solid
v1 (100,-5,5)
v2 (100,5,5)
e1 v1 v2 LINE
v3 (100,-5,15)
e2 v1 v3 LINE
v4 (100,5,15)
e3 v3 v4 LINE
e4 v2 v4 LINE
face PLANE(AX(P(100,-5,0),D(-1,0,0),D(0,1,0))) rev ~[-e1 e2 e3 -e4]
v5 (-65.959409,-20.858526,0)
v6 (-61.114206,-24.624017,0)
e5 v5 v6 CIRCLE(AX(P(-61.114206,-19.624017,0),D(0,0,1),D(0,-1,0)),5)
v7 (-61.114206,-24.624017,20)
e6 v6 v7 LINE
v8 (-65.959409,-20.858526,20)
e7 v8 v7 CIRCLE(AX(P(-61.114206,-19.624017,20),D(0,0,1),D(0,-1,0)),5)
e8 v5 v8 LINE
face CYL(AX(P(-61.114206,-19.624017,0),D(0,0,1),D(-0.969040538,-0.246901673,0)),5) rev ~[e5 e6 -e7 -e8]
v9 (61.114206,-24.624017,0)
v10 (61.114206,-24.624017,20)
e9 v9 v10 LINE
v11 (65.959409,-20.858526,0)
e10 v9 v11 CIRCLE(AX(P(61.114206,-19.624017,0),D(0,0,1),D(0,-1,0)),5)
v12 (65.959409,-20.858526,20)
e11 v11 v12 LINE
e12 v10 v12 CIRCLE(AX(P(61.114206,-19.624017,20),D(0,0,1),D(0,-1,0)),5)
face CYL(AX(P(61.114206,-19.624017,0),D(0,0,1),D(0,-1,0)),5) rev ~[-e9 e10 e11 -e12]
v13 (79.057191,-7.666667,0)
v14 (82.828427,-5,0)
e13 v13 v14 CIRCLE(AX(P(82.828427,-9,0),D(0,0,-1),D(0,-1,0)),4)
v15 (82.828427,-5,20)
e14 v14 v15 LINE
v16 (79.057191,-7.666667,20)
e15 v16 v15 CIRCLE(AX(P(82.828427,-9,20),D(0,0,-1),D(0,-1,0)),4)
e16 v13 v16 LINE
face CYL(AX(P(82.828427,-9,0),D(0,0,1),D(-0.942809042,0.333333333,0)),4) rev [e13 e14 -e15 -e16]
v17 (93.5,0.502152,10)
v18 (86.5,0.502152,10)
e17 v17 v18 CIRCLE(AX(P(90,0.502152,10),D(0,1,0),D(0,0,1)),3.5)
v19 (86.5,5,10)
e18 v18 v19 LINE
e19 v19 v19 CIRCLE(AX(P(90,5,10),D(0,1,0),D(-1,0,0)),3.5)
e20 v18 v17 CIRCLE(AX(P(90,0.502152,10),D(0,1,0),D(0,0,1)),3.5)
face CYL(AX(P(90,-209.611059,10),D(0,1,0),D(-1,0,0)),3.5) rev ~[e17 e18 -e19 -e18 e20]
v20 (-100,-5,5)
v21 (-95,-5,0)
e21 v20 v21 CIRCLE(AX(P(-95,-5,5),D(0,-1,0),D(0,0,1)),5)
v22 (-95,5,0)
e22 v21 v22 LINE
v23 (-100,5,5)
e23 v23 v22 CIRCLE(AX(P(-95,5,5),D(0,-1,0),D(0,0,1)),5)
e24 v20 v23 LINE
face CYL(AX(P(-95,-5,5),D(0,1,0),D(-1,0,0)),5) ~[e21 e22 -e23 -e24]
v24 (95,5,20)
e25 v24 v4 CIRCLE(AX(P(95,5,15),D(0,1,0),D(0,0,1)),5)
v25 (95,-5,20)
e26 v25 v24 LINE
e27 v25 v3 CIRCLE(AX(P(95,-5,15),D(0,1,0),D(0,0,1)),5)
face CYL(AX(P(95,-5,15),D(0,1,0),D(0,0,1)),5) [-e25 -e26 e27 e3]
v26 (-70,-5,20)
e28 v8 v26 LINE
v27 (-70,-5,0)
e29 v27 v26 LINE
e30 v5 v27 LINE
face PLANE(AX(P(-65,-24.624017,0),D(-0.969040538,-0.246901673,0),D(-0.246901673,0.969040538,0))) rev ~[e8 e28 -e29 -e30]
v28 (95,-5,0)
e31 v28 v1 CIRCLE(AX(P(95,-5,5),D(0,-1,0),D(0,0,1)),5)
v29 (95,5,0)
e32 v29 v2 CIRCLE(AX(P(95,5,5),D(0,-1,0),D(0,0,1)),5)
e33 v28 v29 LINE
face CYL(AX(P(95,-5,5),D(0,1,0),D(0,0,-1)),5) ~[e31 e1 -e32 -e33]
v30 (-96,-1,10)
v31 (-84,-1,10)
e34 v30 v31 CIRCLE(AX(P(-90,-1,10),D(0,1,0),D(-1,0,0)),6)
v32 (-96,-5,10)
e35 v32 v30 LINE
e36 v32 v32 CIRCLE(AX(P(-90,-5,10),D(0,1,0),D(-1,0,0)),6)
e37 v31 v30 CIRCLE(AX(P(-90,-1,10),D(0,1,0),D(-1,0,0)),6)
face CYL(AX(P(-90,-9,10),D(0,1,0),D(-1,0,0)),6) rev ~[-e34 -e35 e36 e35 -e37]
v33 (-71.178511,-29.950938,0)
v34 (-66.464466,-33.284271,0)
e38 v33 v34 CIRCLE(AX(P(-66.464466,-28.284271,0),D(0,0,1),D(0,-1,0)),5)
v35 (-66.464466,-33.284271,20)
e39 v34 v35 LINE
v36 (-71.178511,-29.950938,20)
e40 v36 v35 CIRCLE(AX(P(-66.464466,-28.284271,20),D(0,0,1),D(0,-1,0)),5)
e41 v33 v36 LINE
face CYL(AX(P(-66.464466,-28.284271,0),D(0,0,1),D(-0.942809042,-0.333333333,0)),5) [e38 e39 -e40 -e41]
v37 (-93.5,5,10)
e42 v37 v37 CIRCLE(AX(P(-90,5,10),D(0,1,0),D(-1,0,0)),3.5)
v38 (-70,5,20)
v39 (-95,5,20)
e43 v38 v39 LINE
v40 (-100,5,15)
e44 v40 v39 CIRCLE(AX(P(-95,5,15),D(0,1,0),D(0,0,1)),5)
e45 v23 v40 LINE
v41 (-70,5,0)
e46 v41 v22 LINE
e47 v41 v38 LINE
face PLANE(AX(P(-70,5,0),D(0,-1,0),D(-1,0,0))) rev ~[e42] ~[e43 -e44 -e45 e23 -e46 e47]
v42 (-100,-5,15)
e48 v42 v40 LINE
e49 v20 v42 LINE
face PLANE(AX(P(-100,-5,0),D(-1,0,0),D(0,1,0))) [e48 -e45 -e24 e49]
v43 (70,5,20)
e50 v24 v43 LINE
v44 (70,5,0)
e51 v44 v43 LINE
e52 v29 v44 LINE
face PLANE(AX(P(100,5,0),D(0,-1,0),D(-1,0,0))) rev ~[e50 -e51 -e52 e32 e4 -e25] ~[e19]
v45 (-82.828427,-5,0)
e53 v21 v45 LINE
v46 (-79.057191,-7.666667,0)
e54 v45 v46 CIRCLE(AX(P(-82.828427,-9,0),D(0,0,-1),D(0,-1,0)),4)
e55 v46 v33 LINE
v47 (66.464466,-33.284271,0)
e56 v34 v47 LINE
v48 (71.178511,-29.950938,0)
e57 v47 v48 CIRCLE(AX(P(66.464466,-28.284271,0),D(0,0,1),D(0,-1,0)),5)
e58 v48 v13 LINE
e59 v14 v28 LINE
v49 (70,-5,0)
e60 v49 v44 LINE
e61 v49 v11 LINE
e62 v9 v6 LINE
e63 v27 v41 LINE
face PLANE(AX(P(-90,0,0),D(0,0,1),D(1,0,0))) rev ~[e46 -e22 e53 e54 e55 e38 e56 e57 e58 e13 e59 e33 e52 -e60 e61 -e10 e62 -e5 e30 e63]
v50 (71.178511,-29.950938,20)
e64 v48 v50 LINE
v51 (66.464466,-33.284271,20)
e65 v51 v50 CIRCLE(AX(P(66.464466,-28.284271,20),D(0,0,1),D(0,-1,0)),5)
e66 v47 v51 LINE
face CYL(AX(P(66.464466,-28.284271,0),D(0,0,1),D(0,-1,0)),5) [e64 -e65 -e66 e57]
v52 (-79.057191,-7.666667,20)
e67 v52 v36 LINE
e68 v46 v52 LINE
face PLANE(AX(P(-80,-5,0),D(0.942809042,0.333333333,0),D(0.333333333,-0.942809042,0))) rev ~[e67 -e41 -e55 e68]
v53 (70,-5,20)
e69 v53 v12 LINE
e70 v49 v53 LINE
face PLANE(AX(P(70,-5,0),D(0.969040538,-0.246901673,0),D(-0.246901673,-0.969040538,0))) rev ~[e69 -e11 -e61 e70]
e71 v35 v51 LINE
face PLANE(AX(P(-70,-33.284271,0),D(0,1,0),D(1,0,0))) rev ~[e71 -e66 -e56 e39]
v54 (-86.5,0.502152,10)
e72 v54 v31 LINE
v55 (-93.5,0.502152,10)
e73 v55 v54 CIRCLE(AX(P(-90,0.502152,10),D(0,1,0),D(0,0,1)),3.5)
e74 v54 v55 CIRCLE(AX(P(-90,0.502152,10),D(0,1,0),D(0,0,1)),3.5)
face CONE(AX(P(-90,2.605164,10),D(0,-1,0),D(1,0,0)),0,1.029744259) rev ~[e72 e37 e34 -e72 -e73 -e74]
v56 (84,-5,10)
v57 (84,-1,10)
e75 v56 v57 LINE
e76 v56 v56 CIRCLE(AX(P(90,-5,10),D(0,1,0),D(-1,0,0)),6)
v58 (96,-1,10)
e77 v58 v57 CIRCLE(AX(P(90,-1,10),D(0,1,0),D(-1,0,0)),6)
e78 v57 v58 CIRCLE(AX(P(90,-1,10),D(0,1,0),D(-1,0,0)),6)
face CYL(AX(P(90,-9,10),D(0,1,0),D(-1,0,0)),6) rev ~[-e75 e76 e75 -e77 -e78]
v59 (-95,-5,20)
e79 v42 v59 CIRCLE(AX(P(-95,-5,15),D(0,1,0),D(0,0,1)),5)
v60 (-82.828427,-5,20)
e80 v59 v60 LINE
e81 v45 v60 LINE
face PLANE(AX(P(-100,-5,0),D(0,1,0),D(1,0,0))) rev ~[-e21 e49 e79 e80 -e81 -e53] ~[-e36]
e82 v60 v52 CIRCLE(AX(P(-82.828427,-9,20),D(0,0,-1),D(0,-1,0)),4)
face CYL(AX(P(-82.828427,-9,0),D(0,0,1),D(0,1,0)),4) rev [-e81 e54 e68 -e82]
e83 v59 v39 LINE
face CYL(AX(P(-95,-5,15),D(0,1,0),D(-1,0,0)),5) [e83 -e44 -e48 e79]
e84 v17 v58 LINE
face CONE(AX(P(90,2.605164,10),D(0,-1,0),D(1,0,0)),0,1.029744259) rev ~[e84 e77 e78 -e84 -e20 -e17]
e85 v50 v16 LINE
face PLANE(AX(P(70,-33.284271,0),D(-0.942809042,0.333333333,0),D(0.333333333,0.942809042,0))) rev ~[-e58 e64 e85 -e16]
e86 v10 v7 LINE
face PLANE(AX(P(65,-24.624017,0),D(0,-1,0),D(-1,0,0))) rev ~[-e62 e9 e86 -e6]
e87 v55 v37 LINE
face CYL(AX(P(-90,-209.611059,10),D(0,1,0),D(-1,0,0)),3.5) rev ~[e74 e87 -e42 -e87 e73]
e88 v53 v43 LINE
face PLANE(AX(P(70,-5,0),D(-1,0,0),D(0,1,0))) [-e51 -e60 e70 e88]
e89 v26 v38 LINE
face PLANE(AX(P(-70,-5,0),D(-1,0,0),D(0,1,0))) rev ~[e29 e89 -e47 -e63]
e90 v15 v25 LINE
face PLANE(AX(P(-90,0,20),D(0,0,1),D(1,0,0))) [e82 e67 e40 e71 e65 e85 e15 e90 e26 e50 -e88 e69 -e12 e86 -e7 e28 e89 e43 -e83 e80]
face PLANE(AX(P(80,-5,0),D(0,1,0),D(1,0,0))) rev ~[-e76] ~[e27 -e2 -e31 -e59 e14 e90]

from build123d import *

# Parameters (mm, degrees)
F0_W     = 20
F0_H     = 10
F0_W_2   = 10
F1_DEPTH = 20
F3_D     = 7
F4_D     = 12
F4_DEPTH = 4
F4_TIP   = 3.6051637142
F5_R     = 5
F6_R     = 4
F7_R     = 5


with BuildPart() as f1:
    # F0 (on Top) → F1 (new body)
    with BuildSketch(Plane.XY):
        with Locations((-90, 0)):
            Rectangle(F0_W, F0_H)
        Polygon((-70, -5), (-80, -5), (-70, -33.2842712475), (70, -33.2842712475), (80, -5), (70, -5), (65, -24.6240172096), (-65, -24.6240172096), align=None)
        with Locations((-75, 0)):
            Rectangle(F0_W_2, F0_H)
        with Locations((75, 0)):
            Rectangle(F0_W_2, F0_H)
        with Locations((90, 0)):
            Rectangle(F0_W, F0_H)
    extrude(amount=F1_DEPTH)

    # F3 (through all)
    with Locations(Plane.XZ.offset(5)):
        with Locations((-90, 10), (90, 10)):
            Hole(F3_D / 2)

    # F4
    with Locations(Plane.XZ.offset(5)):
        with Locations((-90, 10), (90, 10)):
            Hole(F4_D / 2, depth=F4_DEPTH)
            with Locations((0, 0, -(F4_DEPTH + F4_TIP / 2))):  # 118° drill point
                Cone(0, F4_D / 2, F4_TIP, mode=Mode.SUBTRACT)

    # F5
    f5_edges = [f1.edges().sort_by_distance(p)[0] for p in [
        (-100, 0, 20),
        (-100, 0, 0),
        (100, 0, 20),
        (100, 0, 0),
    ]]
    fillet(f5_edges, radius=F5_R)

    # F6
    f6_edges = [f1.edges().sort_by_distance(p)[0] for p in [
        (-80, -5, 10),
        (80, -5, 10),
    ]]
    fillet(f6_edges, radius=F6_R)

    # F7
    f7_edges = [f1.edges().sort_by_distance(p)[0] for p in [
        (-70, -33.284271, 10),
        (70, -33.284271, 10),
        (-65, -24.624017, 10),
        (65, -24.624017, 10),
    ]]
    fillet(f7_edges, radius=F7_R)


solid = f1.part
